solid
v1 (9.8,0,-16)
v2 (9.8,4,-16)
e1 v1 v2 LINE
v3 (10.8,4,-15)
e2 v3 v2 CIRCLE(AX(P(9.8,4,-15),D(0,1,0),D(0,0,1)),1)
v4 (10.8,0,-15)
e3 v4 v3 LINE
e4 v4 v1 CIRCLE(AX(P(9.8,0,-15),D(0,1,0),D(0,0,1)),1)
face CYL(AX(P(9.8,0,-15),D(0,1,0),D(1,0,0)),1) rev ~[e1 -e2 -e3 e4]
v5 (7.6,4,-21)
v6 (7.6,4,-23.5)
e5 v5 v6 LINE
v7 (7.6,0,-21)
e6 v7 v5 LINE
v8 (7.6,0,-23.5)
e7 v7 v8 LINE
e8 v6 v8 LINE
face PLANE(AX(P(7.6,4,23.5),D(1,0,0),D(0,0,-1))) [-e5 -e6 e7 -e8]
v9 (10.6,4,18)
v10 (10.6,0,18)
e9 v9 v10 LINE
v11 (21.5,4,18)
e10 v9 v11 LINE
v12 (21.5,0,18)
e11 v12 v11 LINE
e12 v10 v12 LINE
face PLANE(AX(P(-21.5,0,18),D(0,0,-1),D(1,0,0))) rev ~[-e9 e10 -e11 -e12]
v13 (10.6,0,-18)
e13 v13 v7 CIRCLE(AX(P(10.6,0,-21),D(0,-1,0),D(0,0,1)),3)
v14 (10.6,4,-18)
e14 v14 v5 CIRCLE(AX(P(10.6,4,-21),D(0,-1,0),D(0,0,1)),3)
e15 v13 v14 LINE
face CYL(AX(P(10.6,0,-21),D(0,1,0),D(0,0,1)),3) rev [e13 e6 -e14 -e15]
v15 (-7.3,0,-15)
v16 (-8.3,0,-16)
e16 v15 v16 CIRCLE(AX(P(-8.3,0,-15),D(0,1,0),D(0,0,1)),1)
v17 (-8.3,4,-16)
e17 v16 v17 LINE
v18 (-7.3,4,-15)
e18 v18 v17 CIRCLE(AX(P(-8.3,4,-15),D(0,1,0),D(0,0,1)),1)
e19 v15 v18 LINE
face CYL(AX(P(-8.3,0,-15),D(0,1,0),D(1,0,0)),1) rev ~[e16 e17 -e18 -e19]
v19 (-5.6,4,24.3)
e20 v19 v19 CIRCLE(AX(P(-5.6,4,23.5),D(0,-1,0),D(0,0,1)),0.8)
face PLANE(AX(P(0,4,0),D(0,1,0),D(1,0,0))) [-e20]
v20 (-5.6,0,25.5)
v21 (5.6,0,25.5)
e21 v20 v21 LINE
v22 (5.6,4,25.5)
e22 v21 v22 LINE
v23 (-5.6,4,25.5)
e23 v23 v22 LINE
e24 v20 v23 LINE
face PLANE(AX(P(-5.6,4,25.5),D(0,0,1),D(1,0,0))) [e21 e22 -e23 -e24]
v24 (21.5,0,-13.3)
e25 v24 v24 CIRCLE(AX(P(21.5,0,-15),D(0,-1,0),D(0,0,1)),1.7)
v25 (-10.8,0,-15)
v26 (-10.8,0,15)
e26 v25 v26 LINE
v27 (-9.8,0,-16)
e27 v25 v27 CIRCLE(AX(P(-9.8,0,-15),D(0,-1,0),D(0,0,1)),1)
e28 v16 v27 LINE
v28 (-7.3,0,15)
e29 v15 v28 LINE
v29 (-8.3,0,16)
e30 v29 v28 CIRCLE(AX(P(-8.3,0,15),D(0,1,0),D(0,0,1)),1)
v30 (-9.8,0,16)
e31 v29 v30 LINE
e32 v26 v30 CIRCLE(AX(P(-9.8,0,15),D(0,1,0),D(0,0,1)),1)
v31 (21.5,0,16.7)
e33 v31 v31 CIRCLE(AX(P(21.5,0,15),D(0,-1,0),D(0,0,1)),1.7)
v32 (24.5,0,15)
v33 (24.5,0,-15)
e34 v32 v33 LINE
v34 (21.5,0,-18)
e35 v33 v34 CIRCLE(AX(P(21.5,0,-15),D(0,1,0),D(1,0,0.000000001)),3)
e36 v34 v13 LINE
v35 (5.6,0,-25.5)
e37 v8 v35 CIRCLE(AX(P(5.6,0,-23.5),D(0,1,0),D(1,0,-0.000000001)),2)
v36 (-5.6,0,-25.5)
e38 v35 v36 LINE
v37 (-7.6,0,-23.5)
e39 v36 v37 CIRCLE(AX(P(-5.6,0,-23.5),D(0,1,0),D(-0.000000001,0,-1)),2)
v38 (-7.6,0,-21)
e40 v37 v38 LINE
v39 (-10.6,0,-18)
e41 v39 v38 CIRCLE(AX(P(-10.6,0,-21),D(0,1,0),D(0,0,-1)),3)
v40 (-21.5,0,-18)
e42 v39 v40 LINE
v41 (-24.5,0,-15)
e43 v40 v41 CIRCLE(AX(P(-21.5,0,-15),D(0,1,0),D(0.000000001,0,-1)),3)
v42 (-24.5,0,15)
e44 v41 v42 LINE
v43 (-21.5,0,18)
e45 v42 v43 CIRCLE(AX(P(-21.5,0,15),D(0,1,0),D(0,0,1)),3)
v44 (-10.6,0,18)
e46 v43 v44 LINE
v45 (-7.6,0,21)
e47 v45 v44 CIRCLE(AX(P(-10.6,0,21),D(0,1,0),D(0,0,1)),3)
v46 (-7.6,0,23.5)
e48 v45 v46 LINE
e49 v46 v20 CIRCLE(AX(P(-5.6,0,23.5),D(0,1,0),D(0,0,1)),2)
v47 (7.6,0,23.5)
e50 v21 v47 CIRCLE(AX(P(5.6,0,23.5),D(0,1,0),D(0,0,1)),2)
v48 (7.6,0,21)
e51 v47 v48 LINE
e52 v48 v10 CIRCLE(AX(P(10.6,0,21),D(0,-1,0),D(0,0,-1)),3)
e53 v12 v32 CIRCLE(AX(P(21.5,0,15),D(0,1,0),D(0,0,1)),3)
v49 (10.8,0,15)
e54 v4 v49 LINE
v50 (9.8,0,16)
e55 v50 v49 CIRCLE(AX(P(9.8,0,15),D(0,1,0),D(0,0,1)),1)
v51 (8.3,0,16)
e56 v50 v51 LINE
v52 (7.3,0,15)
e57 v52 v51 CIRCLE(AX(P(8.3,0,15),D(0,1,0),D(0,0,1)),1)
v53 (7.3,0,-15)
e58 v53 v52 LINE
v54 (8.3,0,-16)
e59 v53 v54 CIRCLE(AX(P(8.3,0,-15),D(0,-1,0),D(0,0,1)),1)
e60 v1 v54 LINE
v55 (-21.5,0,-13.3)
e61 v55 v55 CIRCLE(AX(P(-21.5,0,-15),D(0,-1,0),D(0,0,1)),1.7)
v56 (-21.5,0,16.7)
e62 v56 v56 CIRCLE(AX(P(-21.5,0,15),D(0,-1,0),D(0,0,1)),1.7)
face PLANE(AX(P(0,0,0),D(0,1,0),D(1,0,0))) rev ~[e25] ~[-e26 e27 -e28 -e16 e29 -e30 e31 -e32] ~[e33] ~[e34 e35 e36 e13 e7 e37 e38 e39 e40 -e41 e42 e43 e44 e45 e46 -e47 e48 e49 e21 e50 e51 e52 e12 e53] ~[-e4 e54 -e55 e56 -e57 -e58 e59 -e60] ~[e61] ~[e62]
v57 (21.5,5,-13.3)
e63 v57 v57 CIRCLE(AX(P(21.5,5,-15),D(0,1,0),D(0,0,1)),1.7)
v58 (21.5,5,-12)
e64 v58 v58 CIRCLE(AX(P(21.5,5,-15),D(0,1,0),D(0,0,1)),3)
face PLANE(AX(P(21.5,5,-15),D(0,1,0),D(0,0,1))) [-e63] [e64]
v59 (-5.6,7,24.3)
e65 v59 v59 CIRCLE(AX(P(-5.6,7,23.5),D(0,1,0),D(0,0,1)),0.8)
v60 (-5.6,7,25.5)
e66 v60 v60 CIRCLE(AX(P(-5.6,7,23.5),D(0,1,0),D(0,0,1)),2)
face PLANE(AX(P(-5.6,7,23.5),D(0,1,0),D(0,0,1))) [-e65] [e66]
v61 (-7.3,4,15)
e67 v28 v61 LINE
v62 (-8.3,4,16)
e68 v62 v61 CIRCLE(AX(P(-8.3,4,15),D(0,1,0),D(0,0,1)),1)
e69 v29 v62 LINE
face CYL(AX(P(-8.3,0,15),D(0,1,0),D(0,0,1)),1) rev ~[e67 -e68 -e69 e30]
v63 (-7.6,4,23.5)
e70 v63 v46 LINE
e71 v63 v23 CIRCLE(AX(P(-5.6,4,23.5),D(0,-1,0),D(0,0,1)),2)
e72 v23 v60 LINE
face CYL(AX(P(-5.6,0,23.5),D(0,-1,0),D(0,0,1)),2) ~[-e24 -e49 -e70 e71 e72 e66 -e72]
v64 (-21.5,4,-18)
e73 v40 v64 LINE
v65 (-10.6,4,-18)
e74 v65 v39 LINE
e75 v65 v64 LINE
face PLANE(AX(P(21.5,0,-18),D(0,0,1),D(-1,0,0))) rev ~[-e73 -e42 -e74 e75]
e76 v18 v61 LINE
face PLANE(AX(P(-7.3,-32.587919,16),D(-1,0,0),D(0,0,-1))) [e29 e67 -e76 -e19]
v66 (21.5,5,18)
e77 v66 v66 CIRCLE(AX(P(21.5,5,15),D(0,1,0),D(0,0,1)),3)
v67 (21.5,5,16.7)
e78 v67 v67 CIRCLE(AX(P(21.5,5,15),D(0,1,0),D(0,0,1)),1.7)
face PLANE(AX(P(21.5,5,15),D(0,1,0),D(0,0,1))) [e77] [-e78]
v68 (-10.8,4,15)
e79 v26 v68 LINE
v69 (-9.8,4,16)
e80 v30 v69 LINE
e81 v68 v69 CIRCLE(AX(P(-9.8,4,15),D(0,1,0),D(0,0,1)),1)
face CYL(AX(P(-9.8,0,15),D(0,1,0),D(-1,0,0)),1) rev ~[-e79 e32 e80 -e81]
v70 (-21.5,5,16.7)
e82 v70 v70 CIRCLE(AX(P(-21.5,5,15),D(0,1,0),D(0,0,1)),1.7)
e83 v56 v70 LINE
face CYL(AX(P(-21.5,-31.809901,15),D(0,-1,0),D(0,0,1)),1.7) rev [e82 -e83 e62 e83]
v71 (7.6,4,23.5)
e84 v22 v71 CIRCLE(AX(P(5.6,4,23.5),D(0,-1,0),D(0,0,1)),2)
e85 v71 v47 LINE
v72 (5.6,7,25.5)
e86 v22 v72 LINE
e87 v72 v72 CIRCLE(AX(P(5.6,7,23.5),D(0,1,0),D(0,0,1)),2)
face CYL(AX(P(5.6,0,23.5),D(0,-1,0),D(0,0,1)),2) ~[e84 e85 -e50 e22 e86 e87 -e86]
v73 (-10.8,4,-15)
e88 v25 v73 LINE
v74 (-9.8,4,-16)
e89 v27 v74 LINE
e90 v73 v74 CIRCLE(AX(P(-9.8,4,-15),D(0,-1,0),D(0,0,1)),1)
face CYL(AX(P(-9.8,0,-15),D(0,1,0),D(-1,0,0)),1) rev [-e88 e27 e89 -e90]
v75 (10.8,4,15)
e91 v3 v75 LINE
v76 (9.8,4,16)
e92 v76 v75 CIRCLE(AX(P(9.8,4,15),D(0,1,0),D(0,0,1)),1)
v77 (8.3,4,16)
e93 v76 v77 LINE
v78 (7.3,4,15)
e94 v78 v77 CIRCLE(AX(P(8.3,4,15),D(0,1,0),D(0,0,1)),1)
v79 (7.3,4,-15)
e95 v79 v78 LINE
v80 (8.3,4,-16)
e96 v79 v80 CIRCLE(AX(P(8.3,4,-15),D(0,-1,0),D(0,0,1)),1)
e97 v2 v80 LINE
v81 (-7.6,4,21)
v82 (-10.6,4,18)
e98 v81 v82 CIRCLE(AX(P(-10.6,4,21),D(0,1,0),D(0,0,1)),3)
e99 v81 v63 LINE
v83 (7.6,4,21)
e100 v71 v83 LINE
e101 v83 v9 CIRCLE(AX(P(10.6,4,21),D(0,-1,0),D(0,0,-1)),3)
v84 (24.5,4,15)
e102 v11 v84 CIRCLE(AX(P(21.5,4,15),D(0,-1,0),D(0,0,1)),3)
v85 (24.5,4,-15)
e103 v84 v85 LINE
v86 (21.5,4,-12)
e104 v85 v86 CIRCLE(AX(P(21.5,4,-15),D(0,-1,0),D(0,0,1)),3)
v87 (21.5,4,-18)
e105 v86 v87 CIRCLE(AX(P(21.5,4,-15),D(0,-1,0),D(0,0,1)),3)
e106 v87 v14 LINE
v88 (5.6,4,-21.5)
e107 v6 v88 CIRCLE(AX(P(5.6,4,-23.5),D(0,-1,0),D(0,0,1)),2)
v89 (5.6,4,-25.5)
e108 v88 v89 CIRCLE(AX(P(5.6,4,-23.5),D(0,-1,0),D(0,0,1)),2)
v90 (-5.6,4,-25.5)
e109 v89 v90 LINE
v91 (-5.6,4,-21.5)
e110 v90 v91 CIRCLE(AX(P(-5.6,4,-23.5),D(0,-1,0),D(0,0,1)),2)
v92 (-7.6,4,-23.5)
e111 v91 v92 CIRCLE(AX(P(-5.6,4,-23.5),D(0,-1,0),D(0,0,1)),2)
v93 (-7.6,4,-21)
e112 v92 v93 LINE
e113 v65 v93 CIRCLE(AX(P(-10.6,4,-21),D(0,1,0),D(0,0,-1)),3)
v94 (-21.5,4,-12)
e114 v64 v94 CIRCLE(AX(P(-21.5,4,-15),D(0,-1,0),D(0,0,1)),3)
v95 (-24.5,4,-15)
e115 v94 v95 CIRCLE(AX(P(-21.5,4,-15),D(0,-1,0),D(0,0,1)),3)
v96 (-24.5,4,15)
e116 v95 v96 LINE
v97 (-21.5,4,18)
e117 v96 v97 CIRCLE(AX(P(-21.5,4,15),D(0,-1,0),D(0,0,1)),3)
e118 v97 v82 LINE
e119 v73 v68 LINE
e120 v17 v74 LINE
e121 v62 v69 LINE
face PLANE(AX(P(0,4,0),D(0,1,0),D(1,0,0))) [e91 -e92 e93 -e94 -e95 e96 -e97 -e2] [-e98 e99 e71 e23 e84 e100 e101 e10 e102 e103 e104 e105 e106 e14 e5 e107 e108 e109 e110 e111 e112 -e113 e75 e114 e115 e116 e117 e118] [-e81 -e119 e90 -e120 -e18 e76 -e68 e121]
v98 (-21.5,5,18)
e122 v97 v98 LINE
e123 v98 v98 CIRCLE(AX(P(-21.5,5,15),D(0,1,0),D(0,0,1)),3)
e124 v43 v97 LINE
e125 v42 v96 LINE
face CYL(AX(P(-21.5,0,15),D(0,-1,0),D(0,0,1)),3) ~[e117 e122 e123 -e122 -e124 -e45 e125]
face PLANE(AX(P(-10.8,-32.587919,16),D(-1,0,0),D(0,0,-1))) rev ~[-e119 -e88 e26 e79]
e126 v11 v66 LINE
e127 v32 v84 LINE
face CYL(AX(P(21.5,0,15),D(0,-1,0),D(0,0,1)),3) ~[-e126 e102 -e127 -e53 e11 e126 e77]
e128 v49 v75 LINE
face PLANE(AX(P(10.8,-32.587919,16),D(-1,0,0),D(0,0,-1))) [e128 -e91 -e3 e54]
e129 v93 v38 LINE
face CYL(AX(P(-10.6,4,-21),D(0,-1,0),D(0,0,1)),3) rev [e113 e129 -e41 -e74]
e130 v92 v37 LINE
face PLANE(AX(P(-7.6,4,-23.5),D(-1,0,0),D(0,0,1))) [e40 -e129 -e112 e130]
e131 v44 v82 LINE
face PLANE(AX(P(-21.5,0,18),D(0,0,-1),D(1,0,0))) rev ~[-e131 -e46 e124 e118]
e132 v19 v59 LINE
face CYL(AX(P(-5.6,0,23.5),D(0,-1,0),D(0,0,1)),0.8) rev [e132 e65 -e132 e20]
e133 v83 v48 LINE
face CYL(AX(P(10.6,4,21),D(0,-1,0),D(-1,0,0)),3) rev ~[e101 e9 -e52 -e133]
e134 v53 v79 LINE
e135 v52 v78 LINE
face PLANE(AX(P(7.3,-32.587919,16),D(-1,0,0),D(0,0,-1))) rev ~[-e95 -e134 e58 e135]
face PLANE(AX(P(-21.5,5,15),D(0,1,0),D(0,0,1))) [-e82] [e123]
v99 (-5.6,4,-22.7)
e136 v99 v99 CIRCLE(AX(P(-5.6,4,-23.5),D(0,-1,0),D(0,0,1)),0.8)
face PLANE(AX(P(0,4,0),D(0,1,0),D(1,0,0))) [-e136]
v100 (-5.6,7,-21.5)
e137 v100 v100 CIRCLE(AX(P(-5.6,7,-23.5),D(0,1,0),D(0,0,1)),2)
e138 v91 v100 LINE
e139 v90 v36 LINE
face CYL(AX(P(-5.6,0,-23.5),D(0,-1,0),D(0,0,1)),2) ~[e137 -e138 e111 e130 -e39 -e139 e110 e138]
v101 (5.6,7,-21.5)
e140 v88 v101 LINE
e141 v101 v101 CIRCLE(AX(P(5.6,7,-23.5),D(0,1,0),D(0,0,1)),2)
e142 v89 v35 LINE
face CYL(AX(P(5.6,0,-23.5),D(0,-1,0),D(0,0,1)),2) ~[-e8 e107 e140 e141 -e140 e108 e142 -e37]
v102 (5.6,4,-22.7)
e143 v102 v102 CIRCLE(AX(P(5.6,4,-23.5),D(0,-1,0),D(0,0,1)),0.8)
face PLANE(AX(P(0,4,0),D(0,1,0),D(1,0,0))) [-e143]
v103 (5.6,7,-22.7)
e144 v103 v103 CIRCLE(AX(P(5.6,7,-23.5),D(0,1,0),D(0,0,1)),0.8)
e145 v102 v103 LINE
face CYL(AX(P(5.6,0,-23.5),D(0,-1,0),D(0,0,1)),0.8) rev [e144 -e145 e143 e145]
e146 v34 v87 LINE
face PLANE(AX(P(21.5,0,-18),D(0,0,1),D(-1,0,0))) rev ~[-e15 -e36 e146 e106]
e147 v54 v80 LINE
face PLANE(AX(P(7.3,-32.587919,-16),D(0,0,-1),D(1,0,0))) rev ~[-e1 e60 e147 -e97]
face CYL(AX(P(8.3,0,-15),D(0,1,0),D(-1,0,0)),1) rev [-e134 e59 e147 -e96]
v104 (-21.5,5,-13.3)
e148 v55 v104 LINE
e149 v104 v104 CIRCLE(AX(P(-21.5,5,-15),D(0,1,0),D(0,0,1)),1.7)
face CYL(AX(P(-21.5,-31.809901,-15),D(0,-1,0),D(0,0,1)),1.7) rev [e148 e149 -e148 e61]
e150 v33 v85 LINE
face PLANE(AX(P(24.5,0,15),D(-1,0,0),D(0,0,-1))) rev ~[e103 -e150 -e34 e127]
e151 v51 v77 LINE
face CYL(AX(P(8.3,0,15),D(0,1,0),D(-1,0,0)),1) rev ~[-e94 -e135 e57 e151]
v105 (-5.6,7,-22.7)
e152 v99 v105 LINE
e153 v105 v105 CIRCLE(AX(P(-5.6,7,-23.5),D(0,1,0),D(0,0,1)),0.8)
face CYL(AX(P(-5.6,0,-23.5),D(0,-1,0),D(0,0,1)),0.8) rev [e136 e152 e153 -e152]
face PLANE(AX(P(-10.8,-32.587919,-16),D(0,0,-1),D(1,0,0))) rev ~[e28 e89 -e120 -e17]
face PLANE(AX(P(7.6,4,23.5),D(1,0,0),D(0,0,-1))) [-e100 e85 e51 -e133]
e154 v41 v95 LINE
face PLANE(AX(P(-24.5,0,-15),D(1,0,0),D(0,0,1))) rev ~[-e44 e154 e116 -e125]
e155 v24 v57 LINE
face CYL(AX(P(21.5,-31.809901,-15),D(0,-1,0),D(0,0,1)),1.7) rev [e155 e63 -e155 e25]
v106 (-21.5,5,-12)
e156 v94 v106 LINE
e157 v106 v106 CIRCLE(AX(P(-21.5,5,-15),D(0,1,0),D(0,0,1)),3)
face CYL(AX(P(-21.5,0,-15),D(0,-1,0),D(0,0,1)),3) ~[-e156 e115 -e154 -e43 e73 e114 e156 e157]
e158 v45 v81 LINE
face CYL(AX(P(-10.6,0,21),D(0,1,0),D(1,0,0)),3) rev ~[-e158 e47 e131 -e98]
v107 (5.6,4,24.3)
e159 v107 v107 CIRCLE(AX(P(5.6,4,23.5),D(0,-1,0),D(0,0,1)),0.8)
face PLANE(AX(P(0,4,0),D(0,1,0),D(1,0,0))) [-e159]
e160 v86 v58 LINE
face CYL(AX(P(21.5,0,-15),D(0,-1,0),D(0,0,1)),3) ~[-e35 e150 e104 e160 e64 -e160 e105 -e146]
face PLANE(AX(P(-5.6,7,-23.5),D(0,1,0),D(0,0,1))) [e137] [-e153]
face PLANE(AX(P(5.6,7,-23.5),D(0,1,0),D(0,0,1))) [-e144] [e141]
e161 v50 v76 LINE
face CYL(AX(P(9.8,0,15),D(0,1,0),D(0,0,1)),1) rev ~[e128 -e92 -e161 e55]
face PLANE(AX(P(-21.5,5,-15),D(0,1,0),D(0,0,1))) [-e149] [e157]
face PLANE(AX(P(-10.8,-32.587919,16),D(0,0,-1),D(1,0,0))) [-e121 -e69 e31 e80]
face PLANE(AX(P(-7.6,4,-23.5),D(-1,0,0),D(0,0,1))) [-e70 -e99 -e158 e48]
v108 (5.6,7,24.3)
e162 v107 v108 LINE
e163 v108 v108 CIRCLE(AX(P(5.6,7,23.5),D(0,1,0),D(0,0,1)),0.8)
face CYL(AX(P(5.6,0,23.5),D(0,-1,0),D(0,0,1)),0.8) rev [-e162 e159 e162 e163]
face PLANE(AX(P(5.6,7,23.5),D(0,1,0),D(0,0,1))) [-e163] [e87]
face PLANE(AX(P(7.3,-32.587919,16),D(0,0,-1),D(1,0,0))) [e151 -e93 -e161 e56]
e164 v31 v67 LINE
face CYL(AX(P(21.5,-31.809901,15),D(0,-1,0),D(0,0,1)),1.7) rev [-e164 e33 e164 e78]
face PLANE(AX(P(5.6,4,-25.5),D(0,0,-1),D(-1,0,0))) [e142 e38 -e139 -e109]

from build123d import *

# Parameters (mm, degrees)
SKETCH1_R               = 3
SKETCH1_R_2             = 1.7
BOSS_EXTRUDE1_DEPTH     = 5
BOSS_EXTRUDE1_2_DEPTH   = 5
BOSS_EXTRUDE1_3_DEPTH   = 5
BOSS_EXTRUDE1_4_DEPTH   = 5
BOSS_EXTRUDE2_DEPTH     = 4
CUT_EXTRUDE1_DEPTH      = 31.809901006
CUT_EXTRUDE1_DEPTH_BACK = 31.809901006
SKETCH1_2_R             = 1.7
SKETCH3_R               = 2
SKETCH3_R_2             = 0.8
BOSS_EXTRUDE3_DEPTH     = 7
BOSS_EXTRUDE3_2_DEPTH   = 7
BOSS_EXTRUDE3_3_DEPTH   = 7
BOSS_EXTRUDE3_4_DEPTH   = 7
BOSS_EXTRUDE4_DEPTH     = 4
CUT_EXTRUDE2_DEPTH      = 36.587919299
CUT_EXTRUDE2_DEPTH_BACK = 36.587919299
SKETCH6_W               = 3.5
SKETCH6_H               = 32
FILLET1_R               = 1
FILLET2_R               = 3


with BuildPart() as part:
    # Sketch1 → Boss-Extrude1 (new body)
    with BuildSketch(Plane(origin=(0, 0, 0), x_dir=(1, 0, 0), z_dir=(0, 1, 0))):
        with Locations(Location((-21.5, 15, 0), (0, 0, 270))):
            Circle(SKETCH1_R)
        with Locations(Location((-21.5, 15, 0), (0, 0, 270))):
            Circle(SKETCH1_R_2, mode=Mode.SUBTRACT)
    extrude(amount=BOSS_EXTRUDE1_DEPTH)



with BuildPart() as body_2:
    # Sketch1 → Boss-Extrude1 2 (new body)
    with BuildSketch(Plane(origin=(0, 0, 0), x_dir=(1, 0, 0), z_dir=(0, 1, 0))):
        with Locations(Location((-21.5, -15, 0), (0, 0, 270))):
            Circle(SKETCH1_R)
        with Locations(Location((-21.5, -15, 0), (0, 0, 270))):
            Circle(SKETCH1_R_2, mode=Mode.SUBTRACT)
    extrude(amount=BOSS_EXTRUDE1_2_DEPTH)


with BuildPart() as body_3:
    # Sketch1 → Boss-Extrude1 3 (new body)
    with BuildSketch(Plane(origin=(0, 0, 0), x_dir=(1, 0, 0), z_dir=(0, 1, 0))):
        with Locations(Location((21.5, -15, 0), (0, 0, 270))):
            Circle(SKETCH1_R)
        with Locations(Location((21.5, -15, 0), (0, 0, 270))):
            Circle(SKETCH1_R_2, mode=Mode.SUBTRACT)
    extrude(amount=BOSS_EXTRUDE1_3_DEPTH)


with BuildPart() as body_4:
    # Sketch1 → Boss-Extrude1 4 (new body)
    with BuildSketch(Plane(origin=(0, 0, 0), x_dir=(1, 0, 0), z_dir=(0, 1, 0))):
        with Locations(Location((21.5, 15, 0), (0, 0, 270))):
            Circle(SKETCH1_R)
        with Locations(Location((21.5, 15, 0), (0, 0, 270))):
            Circle(SKETCH1_R_2, mode=Mode.SUBTRACT)
    extrude(amount=BOSS_EXTRUDE1_4_DEPTH)


with BuildPart() as part_1:
    add(part.part)

    add(body_2.part)  # Boss-Extrude2 merges body 2

    add(body_3.part)  # Boss-Extrude2 merges body 3

    add(body_4.part)  # Boss-Extrude2 merges body 4
    # Sketch2 → Boss-Extrude2 (add)
    with BuildSketch(Plane(origin=(0, 0, 0), x_dir=(1, 0, 0), z_dir=(0, 1, 0))):
        with BuildLine():
            Line((-21.5, -18), (21.5, -18))
            ThreePointArc((21.5, -18), (23.621320344, -17.121320344), (24.5, -15))
            Line((24.5, -15), (24.5, 15))
            ThreePointArc((24.5, 15), (23.621320344, 17.121320344), (21.5, 18))
            Line((21.5, 18), (-21.5, 18))
            ThreePointArc((-21.5, 18), (-23.621320344, 17.121320344), (-24.5, 15))
            Line((-24.5, 15), (-24.5, -15))
            ThreePointArc((-24.5, -15), (-23.621320344, -17.121320344), (-21.5, -18))
        make_face()
    extrude(amount=BOSS_EXTRUDE2_DEPTH)

    # Sketch1<2> → Cut-Extrude1 (cut, two sides: drawn at the far end of the back side and taken through both)
    with BuildSketch(Plane(origin=(0, 0, 0), x_dir=(1, 0, 0), z_dir=(0, 1, 0)).offset(-CUT_EXTRUDE1_DEPTH_BACK)):
        with Locations(Location((-21.5, -15, 0), (0, 0, 270))):
            Circle(SKETCH1_2_R)
        with Locations(Location((-21.5, 15, 0), (0, 0, 270))):
            Circle(SKETCH1_2_R)
        with Locations(Location((21.5, 15, 0), (0, 0, 270))):
            Circle(SKETCH1_2_R)
        with Locations(Location((21.5, -15, 0), (0, 0, 270))):
            Circle(SKETCH1_2_R)
    extrude(amount=CUT_EXTRUDE1_DEPTH + CUT_EXTRUDE1_DEPTH_BACK, mode=Mode.SUBTRACT)



with BuildPart() as body_2_2:
    # Sketch3 → Boss-Extrude3 (new body)
    with BuildSketch(Plane(origin=(0, 0, 0), x_dir=(1, 0, 0), z_dir=(0, 1, 0))):
        with Locations(Location((-5.6, 23.5, 0), (0, 0, 270))):
            Circle(SKETCH3_R)
        with Locations(Location((-5.6, 23.5, 0), (0, 0, 270))):
            Circle(SKETCH3_R_2, mode=Mode.SUBTRACT)
    extrude(amount=BOSS_EXTRUDE3_DEPTH)


with BuildPart() as body_3_2:
    # Sketch3 → Boss-Extrude3 2 (new body)
    with BuildSketch(Plane(origin=(0, 0, 0), x_dir=(1, 0, 0), z_dir=(0, 1, 0))):
        with Locations(Location((5.6, 23.5, 0), (0, 0, 270))):
            Circle(SKETCH3_R)
        with Locations(Location((5.6, 23.5, 0), (0, 0, 270))):
            Circle(SKETCH3_R_2, mode=Mode.SUBTRACT)
    extrude(amount=BOSS_EXTRUDE3_2_DEPTH)


with BuildPart() as body_4_2:
    # Sketch3 → Boss-Extrude3 3 (new body)
    with BuildSketch(Plane(origin=(0, 0, 0), x_dir=(1, 0, 0), z_dir=(0, 1, 0))):
        with Locations(Location((-5.6, -23.5, 0), (0, 0, 270))):
            Circle(SKETCH3_R)
        with Locations(Location((-5.6, -23.5, 0), (0, 0, 270))):
            Circle(SKETCH3_R_2, mode=Mode.SUBTRACT)
    extrude(amount=BOSS_EXTRUDE3_3_DEPTH)


with BuildPart() as body_5:
    # Sketch3 → Boss-Extrude3 4 (new body)
    with BuildSketch(Plane(origin=(0, 0, 0), x_dir=(1, 0, 0), z_dir=(0, 1, 0))):
        with Locations(Location((5.6, -23.5, 0), (0, 0, 270))):
            Circle(SKETCH3_R)
        with Locations(Location((5.6, -23.5, 0), (0, 0, 270))):
            Circle(SKETCH3_R_2, mode=Mode.SUBTRACT)
    extrude(amount=BOSS_EXTRUDE3_4_DEPTH)


with BuildPart() as part_2:
    add(part_1.part)

    add(body_2_2.part)  # Boss-Extrude4 merges body 2 2

    add(body_3_2.part)  # Boss-Extrude4 merges body 3 2

    add(body_4_2.part)  # Boss-Extrude4 merges body 4 2

    add(body_5.part)  # Boss-Extrude4 merges body 5
    # Sketch4 → Boss-Extrude4 (add)
    with BuildSketch(Plane(origin=(0, 4, 0), x_dir=(1, 0, 0), z_dir=(0, 1, 0))):
        with BuildLine():
            Line((-5.6, -25.5), (5.6, -25.5))
            ThreePointArc((5.6, -25.5), (7.014213562, -24.914213562), (7.6, -23.5))
            Line((7.6, -23.5), (7.6, 23.5))
            ThreePointArc((7.6, 23.5), (7.014213562, 24.914213562), (5.6, 25.5))
            Line((5.6, 25.5), (-5.6, 25.5))
            ThreePointArc((-5.6, 25.5), (-7.014213562, 24.914213562), (-7.6, 23.5))
            Line((-7.6, 23.5), (-7.6, -23.5))
            ThreePointArc((-7.6, -23.5), (-7.014213562, -24.914213562), (-5.6, -25.5))
        make_face()
    extrude(amount=-BOSS_EXTRUDE4_DEPTH)

    # Sketch6 → Cut-Extrude2 (cut, two sides: drawn at the far end of the back side and taken through both)
    with BuildSketch(Plane(origin=(0, 4, 0), x_dir=(1, 0, 0), z_dir=(0, 1, 0)).offset(-CUT_EXTRUDE2_DEPTH_BACK)):
        with Locations((-9.05, 0)):
            Rectangle(SKETCH6_W, SKETCH6_H)
        with Locations((9.05, 0)):
            Rectangle(SKETCH6_W, SKETCH6_H)
    extrude(amount=CUT_EXTRUDE2_DEPTH + CUT_EXTRUDE2_DEPTH_BACK, mode=Mode.SUBTRACT)

    # Fillet1
    fillet1_edges = [part_2.edges().sort_by_distance(p)[0] for p in [
        (-10.8, 2, 16),
        (-10.8, 2, -16),
        (-7.3, 2, -16),
        (-7.3, 2, 16),
        (10.8, 2, -16),
        (10.8, 2, 16),
        (7.3, 2, 16),
        (7.3, 2, -16),
    ]]
    fillet(fillet1_edges, radius=FILLET1_R)

    # Fillet2
    fillet2_edges = [part_2.edges().sort_by_distance(p)[0] for p in [
        (-7.6, 2, 18),
        (-7.6, 2, -18),
        (7.6, 2, 18),
        (7.6, 2, -18),
    ]]
    fillet(fillet2_edges, radius=FILLET2_R)


solid = part_2.part
